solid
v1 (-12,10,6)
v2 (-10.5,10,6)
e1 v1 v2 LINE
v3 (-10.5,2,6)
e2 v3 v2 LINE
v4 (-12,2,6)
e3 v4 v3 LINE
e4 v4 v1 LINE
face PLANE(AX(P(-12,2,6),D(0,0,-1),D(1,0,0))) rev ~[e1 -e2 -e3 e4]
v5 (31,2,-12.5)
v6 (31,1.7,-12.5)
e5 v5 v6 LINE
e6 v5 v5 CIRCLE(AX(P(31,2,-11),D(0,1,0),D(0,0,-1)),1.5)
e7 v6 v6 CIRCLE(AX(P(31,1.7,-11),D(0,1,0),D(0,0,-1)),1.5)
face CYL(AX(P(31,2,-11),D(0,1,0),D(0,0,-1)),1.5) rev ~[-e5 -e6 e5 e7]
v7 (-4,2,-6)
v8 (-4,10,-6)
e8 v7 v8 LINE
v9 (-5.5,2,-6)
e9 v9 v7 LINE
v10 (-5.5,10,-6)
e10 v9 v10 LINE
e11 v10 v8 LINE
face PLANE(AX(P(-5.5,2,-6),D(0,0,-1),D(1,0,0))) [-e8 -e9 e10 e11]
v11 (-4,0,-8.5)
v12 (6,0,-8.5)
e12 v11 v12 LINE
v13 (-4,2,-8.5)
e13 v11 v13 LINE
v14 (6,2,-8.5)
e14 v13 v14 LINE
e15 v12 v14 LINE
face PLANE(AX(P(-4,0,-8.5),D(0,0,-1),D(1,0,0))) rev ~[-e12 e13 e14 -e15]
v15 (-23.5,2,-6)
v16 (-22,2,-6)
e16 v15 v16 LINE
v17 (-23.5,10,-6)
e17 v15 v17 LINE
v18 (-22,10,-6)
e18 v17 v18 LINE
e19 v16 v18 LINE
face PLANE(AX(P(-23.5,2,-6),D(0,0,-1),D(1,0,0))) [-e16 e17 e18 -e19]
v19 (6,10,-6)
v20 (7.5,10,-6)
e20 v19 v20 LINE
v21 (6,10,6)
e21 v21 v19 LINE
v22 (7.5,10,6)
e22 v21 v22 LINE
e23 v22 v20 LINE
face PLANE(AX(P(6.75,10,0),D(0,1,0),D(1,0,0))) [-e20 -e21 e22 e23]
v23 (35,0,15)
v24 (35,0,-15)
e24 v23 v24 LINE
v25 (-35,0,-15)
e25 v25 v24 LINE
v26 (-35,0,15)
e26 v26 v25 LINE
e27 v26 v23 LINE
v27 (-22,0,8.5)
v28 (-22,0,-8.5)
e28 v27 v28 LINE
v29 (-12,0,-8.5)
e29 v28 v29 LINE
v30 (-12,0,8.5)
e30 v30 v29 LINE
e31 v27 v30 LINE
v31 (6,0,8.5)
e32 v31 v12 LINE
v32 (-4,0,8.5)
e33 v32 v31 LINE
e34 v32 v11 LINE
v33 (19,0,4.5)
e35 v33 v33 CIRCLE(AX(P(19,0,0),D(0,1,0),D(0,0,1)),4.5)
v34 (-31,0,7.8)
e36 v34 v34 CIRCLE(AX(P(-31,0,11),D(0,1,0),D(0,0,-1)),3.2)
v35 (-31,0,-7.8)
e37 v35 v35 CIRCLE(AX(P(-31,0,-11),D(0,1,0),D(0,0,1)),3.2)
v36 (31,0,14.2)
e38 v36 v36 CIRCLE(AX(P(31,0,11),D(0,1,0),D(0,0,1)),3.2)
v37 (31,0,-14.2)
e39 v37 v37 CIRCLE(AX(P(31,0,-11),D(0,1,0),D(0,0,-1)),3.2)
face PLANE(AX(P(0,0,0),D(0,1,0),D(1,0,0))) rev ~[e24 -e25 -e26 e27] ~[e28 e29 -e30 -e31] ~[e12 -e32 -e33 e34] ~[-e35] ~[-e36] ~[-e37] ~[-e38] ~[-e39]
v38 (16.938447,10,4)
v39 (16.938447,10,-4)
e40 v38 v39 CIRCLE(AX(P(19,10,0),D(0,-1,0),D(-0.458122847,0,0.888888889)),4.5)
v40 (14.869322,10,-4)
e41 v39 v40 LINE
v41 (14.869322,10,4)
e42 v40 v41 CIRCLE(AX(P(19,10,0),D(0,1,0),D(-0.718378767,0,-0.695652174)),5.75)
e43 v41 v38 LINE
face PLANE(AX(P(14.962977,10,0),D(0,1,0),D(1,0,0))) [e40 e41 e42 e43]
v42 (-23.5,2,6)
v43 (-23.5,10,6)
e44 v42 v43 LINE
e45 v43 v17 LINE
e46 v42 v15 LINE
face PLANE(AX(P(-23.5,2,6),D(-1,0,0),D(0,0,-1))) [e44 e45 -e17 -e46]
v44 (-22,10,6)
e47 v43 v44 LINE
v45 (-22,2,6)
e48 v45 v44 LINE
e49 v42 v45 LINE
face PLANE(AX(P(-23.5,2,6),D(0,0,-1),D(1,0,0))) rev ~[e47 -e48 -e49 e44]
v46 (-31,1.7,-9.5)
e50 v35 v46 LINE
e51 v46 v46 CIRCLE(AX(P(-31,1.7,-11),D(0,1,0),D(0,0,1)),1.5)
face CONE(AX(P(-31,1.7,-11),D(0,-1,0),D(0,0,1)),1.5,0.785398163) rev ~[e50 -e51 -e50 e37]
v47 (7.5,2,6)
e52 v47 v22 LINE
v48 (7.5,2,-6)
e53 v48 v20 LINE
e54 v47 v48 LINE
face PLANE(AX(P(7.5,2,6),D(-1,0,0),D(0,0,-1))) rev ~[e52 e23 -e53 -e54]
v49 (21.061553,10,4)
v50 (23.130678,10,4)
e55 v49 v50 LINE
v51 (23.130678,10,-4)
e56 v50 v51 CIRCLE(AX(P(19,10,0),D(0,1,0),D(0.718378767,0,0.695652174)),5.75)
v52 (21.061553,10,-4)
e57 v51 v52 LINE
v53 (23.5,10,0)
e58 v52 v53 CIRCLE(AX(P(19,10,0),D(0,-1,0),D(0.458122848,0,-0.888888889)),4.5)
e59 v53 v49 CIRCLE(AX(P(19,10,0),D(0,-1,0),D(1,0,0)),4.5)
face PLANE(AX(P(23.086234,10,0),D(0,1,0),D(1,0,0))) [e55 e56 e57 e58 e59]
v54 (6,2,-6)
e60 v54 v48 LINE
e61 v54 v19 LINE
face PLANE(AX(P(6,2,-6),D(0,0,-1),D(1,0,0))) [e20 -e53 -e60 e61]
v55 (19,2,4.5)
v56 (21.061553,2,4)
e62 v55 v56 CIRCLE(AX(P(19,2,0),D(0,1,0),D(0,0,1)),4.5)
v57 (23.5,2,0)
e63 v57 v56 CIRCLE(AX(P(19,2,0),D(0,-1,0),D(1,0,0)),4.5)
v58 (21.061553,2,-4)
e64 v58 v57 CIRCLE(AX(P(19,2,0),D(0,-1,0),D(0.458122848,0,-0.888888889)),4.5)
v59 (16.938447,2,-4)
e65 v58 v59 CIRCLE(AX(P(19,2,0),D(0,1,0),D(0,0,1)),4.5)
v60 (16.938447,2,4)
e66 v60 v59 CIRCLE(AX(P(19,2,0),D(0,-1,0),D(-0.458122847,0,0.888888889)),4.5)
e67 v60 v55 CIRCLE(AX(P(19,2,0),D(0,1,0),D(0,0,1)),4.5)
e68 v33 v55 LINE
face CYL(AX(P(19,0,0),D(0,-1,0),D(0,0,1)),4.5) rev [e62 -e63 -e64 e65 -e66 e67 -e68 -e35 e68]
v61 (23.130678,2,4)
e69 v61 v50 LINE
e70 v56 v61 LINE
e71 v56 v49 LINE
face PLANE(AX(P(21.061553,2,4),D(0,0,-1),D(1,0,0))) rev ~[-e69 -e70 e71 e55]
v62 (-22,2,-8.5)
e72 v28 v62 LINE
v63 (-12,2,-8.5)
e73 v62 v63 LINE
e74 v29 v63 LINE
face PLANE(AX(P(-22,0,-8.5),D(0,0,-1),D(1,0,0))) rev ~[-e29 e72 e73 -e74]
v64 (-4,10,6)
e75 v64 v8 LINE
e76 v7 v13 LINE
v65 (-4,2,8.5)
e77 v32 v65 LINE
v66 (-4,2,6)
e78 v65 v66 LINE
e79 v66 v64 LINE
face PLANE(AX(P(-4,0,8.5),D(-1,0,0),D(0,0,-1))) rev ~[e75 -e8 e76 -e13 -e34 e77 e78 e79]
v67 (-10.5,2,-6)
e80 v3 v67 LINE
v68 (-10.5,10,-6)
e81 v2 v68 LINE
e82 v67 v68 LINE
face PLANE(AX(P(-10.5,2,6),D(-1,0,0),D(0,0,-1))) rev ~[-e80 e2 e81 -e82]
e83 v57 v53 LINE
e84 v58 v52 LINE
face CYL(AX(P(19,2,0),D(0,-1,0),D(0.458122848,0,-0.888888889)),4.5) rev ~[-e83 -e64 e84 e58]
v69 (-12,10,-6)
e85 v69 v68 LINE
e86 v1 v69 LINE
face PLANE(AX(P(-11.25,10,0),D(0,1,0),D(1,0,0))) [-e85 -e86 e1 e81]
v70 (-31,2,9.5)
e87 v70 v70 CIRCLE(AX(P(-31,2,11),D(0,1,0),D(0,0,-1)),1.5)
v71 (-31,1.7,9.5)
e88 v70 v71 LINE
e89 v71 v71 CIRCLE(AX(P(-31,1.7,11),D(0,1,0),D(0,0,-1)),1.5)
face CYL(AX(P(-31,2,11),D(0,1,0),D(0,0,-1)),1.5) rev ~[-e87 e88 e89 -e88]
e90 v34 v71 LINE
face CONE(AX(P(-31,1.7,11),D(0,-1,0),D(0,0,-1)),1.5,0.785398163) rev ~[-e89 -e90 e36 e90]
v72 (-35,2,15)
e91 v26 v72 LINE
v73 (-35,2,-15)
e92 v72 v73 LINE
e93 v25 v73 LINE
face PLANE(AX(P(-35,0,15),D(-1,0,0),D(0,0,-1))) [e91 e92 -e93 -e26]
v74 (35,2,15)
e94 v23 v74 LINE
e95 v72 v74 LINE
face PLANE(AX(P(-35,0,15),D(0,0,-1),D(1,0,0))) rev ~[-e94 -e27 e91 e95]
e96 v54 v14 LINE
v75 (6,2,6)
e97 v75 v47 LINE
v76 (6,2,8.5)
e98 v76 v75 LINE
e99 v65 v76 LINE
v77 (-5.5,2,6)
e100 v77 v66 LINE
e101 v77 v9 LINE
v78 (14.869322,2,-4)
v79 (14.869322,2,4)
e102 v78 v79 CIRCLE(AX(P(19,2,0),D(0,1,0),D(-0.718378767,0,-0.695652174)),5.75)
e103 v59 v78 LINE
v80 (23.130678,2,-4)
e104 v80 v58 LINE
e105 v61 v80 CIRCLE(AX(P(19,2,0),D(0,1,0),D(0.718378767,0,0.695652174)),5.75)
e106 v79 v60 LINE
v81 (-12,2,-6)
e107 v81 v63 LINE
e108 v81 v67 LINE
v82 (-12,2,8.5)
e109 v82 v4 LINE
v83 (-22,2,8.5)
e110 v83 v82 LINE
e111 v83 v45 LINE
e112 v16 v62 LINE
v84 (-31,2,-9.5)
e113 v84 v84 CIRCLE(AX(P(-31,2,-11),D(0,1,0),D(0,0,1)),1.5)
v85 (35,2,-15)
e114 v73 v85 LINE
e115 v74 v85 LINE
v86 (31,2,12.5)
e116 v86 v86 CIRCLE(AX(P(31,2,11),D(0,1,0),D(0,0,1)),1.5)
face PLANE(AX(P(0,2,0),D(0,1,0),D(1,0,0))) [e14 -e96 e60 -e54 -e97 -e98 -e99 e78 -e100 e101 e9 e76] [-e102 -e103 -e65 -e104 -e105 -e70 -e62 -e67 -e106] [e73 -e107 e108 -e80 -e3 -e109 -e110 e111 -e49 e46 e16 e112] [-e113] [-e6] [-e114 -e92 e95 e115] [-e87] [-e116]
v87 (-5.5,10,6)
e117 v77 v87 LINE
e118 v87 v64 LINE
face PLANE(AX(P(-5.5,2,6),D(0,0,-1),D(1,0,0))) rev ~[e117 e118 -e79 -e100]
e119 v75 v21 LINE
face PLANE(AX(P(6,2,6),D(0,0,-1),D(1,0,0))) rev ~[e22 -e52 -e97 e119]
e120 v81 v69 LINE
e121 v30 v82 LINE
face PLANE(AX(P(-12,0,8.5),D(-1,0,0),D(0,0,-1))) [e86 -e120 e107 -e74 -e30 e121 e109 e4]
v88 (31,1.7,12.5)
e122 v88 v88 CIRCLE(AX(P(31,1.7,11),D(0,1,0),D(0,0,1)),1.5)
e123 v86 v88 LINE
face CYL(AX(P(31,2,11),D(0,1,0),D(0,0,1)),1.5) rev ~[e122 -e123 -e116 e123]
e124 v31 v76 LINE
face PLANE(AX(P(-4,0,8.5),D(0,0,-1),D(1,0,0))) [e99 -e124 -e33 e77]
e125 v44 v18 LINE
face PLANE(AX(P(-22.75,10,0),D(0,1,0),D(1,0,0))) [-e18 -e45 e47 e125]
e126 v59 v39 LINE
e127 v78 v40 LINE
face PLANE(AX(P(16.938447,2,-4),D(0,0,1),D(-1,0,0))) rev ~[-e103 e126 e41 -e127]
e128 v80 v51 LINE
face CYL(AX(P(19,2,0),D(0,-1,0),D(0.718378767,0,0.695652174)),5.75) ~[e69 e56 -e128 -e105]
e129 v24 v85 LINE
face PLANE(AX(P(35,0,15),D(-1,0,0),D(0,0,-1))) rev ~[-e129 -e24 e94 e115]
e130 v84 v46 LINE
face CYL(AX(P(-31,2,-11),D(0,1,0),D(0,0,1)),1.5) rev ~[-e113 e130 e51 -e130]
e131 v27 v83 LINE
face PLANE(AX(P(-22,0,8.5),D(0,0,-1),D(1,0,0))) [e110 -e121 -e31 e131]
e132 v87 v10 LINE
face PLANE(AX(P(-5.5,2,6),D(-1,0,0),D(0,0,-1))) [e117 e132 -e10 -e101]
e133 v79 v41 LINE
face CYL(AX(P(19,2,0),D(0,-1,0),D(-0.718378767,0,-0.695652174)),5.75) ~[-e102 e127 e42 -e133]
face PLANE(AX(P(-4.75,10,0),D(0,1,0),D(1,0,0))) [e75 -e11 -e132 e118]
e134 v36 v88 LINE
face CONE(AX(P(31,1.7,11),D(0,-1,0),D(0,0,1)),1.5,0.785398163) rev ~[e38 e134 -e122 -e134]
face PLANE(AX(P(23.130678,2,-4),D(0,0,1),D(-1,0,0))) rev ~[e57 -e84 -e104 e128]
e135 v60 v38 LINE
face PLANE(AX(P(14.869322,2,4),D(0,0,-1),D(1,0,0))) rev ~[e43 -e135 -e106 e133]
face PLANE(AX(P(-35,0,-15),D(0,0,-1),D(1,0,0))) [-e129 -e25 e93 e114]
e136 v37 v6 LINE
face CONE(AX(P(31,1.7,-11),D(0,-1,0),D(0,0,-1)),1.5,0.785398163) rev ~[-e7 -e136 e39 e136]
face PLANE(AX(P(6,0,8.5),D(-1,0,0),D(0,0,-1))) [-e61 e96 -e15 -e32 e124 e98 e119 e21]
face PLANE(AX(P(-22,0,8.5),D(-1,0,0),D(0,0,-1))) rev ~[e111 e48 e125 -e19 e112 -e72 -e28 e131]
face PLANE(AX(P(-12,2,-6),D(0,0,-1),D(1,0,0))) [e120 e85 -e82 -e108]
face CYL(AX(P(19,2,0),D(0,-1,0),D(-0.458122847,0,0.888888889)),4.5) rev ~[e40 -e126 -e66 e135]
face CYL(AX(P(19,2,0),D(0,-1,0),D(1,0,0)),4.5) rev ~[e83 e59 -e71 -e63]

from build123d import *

# Parameters (mm, degrees)
SKETCH1_W           = 70
SKETCH1_H           = 30
SKETCH1_R           = 4.5
SKETCH1_W_2         = 10
SKETCH1_H_2         = 17
BOSS_EXTRUDE1_DEPTH = 2
SKETCH2_W           = 1.5
SKETCH2_H           = 12
BOSS_EXTRUDE2_DEPTH = 8
CUT_EXTRUDE1_REACH  = 40.91
SKETCH3_R           = 1.5
CHAMFER1_SIZE       = 1.7


with BuildPart() as part:
    # Sketch1 → Boss-Extrude1 (new body)
    with BuildSketch(Plane(origin=(0, 0, 0), x_dir=(1, 0, 0), z_dir=(0, 1, 0))):
        Rectangle(SKETCH1_W, SKETCH1_H)
        with Locations(Location((19, 0, 0), (0, 0, 270))):
            Circle(SKETCH1_R, mode=Mode.SUBTRACT)
        with Locations((-17, 0)):
            Rectangle(SKETCH1_W_2, SKETCH1_H_2, mode=Mode.SUBTRACT)
        with Locations((1, 0)):
            Rectangle(SKETCH1_W_2, SKETCH1_H_2, mode=Mode.SUBTRACT)
    extrude(amount=BOSS_EXTRUDE1_DEPTH)

    # Sketch2 → Boss-Extrude2 (add)
    with BuildSketch(Plane(origin=(0, 2, 0), x_dir=(1, 0, 0), z_dir=(0, 1, 0))):
        with Locations((-22.75, 0)):
            Rectangle(SKETCH2_W, SKETCH2_H)
        with Locations((-11.25, 0)):
            Rectangle(SKETCH2_W, SKETCH2_H)
        with Locations((-4.75, 0)):
            Rectangle(SKETCH2_W, SKETCH2_H)
        with Locations((6.75, 0)):
            Rectangle(SKETCH2_W, SKETCH2_H)
        with BuildLine():
            Line((16.938447187, 4), (14.86932209, 4))
            ThreePointArc((14.86932209, 4), (13.25, 0), (14.86932209, -4))
            Line((14.86932209, -4), (16.938447187, -4))
            ThreePointArc((16.938447187, -4), (14.5, 0), (16.938447187, 4))
        make_face()
        with BuildLine():
            Line((23.13067791, 4), (21.061552813, 4))
            ThreePointArc((21.061552813, 4), (22.842329219, 2.342329219), (23.5, 0))
            ThreePointArc((23.5, 0), (22.842329219, -2.342329219), (21.061552813, -4))
            Line((21.061552813, -4), (23.13067791, -4))
            ThreePointArc((23.13067791, -4), (24.75, 0), (23.13067791, 4))
        make_face()
    extrude(amount=BOSS_EXTRUDE2_DEPTH)

    # Sketch3 → Cut-Extrude1 (cut, up to next)
    with BuildSketch(Plane(origin=(0, 2, 0), x_dir=(1, 0, 0), z_dir=(0, 1, 0)), mode=Mode.PRIVATE) as cut_extrude1_sk1:
        with Locations(Location((-31, 11, 0), (0, 0, 270))):
            Circle(SKETCH3_R)
    cut_extrude1_tool1 = extrude(cut_extrude1_sk1.sketch, amount=-CUT_EXTRUDE1_REACH, mode=Mode.PRIVATE) & part.part
    # Sketch3 → Cut-Extrude1 (cut, up to next)
    with BuildSketch(Plane(origin=(0, 2, 0), x_dir=(1, 0, 0), z_dir=(0, 1, 0)), mode=Mode.PRIVATE) as cut_extrude1_sk2:
        with Locations(Location((31, 11, 0), (0, 0, 90))):
            Circle(SKETCH3_R)
    cut_extrude1_tool2 = extrude(cut_extrude1_sk2.sketch, amount=-CUT_EXTRUDE1_REACH, mode=Mode.PRIVATE) & part.part
    # Sketch3 → Cut-Extrude1 (cut, up to next)
    with BuildSketch(Plane(origin=(0, 2, 0), x_dir=(1, 0, 0), z_dir=(0, 1, 0)), mode=Mode.PRIVATE) as cut_extrude1_sk3:
        with Locations(Location((31, -11, 0), (0, 0, 270))):
            Circle(SKETCH3_R)
    cut_extrude1_tool3 = extrude(cut_extrude1_sk3.sketch, amount=-CUT_EXTRUDE1_REACH, mode=Mode.PRIVATE) & part.part
    # Sketch3 → Cut-Extrude1 (cut, up to next)
    with BuildSketch(Plane(origin=(0, 2, 0), x_dir=(1, 0, 0), z_dir=(0, 1, 0)), mode=Mode.PRIVATE) as cut_extrude1_sk4:
        with Locations(Location((-31, -11, 0), (0, 0, 90))):
            Circle(SKETCH3_R)
    cut_extrude1_tool4 = extrude(cut_extrude1_sk4.sketch, amount=-CUT_EXTRUDE1_REACH, mode=Mode.PRIVATE) & part.part
    add(cut_extrude1_tool1.solids().sort_by_distance((-31, 2, -11))[0], mode=Mode.SUBTRACT)
    add(cut_extrude1_tool2.solids().sort_by_distance((31, 2, -11))[0], mode=Mode.SUBTRACT)
    add(cut_extrude1_tool3.solids().sort_by_distance((31, 2, 11))[0], mode=Mode.SUBTRACT)
    add(cut_extrude1_tool4.solids().sort_by_distance((-31, 2, 11))[0], mode=Mode.SUBTRACT)

    # Chamfer1
    chamfer1_edges = [part.edges().sort_by_distance(p)[0] for p in [
        (-31, 0, -12.5),
        (31, 0, -9.5),
        (31, 0, 9.5),
        (-31, 0, 12.5),
    ]]
    chamfer(chamfer1_edges, length=CHAMFER1_SIZE)


solid = part.part
